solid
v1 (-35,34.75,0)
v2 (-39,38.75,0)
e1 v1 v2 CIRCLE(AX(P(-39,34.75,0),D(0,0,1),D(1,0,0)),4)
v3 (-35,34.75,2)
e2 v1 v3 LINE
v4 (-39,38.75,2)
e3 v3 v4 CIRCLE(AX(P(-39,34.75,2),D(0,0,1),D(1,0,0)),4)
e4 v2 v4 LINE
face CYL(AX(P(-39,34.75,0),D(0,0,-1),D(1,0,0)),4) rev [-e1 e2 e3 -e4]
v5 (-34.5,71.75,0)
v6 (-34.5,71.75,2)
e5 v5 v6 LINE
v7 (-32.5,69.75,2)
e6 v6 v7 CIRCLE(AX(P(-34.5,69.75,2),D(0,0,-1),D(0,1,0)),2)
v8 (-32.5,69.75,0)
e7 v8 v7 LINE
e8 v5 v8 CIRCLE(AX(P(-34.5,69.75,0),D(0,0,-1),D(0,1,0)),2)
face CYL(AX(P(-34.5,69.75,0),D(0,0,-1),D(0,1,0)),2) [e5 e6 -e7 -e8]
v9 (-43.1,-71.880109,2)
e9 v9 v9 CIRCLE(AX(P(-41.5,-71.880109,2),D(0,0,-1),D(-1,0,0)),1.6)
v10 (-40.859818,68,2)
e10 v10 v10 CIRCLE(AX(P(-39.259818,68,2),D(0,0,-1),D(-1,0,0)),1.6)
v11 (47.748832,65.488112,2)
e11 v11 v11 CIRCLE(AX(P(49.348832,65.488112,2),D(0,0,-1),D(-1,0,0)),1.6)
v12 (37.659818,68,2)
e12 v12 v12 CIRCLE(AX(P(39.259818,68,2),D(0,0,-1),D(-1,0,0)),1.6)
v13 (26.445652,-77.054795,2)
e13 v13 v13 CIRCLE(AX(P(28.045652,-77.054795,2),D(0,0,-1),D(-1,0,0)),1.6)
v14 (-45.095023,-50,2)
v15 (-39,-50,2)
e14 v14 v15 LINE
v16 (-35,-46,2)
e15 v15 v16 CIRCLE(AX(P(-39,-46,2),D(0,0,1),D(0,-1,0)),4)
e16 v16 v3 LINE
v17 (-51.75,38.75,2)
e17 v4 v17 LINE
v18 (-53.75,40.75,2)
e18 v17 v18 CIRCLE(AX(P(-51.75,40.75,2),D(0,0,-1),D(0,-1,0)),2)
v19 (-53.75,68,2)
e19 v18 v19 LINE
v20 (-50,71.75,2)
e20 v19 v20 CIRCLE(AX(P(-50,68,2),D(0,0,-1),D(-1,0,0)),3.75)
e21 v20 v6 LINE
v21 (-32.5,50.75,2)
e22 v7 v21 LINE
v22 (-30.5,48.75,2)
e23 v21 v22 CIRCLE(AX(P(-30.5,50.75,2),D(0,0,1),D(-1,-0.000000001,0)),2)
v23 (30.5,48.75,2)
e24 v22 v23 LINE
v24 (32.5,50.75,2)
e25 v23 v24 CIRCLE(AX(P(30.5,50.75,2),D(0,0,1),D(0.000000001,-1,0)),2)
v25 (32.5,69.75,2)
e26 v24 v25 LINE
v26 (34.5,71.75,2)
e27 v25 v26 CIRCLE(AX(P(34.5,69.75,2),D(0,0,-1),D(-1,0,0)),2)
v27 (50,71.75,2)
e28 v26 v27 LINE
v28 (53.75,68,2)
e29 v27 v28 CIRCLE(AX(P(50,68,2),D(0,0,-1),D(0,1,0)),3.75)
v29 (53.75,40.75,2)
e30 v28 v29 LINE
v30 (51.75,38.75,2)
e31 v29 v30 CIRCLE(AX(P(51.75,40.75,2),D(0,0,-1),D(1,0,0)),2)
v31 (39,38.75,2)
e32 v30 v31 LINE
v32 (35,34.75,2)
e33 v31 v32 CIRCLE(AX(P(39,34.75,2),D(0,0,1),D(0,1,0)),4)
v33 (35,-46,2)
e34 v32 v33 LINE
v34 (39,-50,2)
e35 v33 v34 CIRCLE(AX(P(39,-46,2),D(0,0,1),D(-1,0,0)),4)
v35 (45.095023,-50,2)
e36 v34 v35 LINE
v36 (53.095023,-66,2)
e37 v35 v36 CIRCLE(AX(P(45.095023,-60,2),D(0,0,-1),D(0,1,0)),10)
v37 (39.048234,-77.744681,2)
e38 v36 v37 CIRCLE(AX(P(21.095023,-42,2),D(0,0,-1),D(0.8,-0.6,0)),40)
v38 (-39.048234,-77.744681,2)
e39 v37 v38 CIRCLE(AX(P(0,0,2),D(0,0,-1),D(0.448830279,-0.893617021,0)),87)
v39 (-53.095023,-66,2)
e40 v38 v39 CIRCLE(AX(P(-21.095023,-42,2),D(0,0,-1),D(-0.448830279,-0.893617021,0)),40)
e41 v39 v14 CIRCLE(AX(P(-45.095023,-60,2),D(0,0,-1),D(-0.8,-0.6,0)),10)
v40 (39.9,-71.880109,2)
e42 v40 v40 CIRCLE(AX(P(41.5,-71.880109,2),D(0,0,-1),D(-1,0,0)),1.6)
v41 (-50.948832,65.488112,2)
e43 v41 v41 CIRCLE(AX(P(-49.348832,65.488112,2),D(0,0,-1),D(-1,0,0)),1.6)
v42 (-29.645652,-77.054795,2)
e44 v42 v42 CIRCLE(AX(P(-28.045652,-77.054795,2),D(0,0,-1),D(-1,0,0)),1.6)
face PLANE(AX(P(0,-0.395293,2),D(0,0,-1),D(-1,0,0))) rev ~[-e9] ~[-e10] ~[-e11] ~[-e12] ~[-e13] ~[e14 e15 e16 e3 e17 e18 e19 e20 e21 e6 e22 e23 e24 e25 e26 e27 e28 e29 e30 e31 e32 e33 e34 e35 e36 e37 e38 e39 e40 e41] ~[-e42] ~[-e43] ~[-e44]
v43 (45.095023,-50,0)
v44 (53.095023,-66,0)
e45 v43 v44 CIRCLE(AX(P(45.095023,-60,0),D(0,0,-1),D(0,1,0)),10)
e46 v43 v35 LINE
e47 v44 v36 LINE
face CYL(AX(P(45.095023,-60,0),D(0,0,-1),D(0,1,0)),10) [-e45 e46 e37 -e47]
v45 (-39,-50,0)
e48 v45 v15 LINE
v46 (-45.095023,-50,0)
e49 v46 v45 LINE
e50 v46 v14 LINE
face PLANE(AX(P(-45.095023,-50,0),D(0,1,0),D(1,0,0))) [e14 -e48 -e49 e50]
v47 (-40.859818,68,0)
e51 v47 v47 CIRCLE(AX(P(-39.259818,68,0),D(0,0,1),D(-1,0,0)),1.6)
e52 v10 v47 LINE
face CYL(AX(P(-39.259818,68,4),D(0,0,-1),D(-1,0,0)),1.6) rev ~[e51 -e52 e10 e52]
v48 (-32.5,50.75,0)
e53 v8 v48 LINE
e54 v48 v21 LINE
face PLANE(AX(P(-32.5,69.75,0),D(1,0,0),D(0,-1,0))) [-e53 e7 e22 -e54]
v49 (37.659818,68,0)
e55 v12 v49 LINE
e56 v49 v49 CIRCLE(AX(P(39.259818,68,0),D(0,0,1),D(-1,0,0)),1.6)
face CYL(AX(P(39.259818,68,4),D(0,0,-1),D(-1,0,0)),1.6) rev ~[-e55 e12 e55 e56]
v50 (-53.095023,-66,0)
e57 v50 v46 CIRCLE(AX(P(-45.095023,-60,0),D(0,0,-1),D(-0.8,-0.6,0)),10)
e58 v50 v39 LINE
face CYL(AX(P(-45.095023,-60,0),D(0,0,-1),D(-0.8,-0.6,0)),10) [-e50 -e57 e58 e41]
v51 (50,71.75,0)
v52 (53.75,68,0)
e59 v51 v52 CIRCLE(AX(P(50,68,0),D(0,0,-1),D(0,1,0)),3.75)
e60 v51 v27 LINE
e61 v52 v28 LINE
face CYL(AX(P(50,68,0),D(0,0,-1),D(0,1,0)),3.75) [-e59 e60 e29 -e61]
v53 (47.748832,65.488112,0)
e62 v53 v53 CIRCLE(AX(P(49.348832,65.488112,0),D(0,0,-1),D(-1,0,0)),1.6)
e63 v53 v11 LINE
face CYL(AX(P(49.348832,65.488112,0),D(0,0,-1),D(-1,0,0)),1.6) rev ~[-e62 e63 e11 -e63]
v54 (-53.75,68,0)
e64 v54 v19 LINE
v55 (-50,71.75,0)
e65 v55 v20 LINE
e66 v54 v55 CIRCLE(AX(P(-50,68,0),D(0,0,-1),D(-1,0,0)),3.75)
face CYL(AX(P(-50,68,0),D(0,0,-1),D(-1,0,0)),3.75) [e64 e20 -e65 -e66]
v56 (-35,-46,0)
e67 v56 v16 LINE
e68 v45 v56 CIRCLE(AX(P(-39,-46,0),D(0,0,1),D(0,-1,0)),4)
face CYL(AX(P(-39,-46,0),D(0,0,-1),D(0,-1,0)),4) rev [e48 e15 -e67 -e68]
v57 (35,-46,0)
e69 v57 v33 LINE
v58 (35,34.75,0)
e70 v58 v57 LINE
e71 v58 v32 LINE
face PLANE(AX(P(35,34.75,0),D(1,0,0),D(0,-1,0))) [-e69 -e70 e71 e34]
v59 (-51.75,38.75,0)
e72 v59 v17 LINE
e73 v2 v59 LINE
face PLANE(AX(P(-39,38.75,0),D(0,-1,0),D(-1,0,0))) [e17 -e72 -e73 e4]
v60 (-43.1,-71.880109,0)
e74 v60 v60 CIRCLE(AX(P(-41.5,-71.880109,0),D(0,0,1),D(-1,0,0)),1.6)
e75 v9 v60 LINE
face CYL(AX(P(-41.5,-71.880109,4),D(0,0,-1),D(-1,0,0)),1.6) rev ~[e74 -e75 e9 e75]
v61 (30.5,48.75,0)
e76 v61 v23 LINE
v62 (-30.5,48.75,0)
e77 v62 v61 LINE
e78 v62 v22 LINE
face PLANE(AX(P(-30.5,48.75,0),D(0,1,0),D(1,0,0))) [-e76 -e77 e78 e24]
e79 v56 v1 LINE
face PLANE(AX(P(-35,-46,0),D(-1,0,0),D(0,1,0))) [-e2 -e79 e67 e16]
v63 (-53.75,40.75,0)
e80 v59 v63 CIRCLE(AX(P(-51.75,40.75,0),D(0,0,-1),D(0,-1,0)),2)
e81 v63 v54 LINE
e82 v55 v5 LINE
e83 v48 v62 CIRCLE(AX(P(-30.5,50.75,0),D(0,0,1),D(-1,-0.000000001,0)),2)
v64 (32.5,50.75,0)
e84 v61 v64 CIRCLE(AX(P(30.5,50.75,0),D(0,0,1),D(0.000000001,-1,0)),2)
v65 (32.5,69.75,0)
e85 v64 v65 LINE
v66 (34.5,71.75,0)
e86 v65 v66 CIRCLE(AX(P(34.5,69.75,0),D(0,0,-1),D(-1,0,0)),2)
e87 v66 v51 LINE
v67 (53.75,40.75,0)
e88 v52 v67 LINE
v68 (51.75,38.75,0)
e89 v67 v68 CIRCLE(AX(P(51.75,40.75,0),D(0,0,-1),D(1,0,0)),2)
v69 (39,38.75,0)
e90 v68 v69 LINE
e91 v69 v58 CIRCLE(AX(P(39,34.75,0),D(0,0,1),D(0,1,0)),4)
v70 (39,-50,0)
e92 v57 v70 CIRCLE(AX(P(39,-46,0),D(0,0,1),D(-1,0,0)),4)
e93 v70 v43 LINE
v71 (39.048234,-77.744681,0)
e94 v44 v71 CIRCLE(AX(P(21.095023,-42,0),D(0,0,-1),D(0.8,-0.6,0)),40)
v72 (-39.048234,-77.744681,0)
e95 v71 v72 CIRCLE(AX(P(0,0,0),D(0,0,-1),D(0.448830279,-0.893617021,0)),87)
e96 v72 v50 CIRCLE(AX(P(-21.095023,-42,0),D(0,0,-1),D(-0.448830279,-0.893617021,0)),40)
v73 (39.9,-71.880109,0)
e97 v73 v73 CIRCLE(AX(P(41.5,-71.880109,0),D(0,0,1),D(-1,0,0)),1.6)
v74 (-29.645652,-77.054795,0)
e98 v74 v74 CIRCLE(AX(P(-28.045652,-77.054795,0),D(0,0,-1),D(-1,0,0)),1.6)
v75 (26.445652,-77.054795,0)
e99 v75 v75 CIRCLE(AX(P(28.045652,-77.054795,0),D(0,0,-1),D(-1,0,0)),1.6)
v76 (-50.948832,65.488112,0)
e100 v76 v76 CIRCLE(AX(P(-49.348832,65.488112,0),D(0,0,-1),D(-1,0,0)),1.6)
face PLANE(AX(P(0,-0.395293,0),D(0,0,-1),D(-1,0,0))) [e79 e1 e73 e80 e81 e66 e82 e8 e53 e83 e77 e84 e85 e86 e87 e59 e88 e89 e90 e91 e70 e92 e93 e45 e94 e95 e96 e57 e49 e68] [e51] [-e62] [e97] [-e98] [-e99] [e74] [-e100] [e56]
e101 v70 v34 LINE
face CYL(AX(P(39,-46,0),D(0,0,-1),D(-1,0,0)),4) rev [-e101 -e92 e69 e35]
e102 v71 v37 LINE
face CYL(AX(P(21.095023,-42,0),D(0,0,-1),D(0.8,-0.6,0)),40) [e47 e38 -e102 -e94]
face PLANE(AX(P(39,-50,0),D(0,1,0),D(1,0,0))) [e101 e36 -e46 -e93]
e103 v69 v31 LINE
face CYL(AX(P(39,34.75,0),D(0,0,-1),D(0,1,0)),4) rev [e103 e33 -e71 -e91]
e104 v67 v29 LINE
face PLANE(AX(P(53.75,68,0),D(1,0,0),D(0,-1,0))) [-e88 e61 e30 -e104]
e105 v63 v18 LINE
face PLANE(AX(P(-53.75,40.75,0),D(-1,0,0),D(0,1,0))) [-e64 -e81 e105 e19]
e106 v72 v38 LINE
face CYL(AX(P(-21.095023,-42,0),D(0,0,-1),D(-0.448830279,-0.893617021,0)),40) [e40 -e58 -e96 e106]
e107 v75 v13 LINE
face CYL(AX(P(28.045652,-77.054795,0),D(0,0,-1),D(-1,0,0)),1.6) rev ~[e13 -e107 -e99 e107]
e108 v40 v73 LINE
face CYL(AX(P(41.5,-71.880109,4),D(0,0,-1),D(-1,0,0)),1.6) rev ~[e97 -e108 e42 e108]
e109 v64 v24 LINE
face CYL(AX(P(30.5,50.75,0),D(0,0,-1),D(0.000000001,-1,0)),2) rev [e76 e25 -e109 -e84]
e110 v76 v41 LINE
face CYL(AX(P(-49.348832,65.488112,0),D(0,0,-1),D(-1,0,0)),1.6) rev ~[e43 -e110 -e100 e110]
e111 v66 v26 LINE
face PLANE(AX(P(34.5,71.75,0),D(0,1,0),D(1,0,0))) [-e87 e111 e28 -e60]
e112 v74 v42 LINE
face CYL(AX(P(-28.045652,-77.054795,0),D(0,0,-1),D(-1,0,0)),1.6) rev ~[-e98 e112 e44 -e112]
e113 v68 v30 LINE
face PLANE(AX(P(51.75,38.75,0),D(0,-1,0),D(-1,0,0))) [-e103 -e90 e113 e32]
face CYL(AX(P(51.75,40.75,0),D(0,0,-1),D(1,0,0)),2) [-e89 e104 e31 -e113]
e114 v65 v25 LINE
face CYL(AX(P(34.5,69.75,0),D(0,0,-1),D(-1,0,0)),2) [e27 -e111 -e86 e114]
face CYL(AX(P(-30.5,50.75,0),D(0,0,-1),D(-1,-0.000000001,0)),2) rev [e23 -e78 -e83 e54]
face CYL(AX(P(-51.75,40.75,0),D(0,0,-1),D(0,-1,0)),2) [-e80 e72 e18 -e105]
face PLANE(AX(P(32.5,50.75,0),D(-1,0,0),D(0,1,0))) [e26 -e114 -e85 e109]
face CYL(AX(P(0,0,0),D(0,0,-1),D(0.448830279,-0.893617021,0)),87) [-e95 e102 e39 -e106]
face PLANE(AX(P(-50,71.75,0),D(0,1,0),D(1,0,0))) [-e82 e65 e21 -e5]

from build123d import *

# Parameters (mm, degrees)
SKETCH1_R                = 1.6
BOSS_EXTRUDE1_DEPTH      = 2
M3_CLEARANCE_HOLE1_D     = 3.2
M3_CLEARANCE_HOLE1_DEPTH = 2
M3_CLEARANCE_HOLE1_TIP   = 0.96137699


with BuildPart() as part:
    # Sketch1 → Boss-Extrude1 (new body)
    with BuildSketch(Plane(origin=(0, 0, 0), x_dir=(-1, 0, 0), z_dir=(0, 0, -1))):
        with BuildLine():
            Line((49.999999993, 71.749999992), (34.499999968, 71.749999992))
            ThreePointArc((34.499999968, 71.749999992), (33.085786407, 71.164213555), (32.49999997, 69.749999994))
            Line((32.49999997, 69.749999994), (32.49999997, 50.749999994))
            ThreePointArc((32.49999997, 50.749999994), (31.914213535, 49.335786439), (30.49999998, 48.750000004))
            Line((30.49999998, 48.750000004), (-30.50000002, 48.750000004))
            ThreePointArc((-30.50000002, 48.750000004), (-31.914213575, 49.335786439), (-32.50000001, 50.749999994))
            Line((-32.50000001, 50.749999994), (-32.50000001, 69.749999994))
            ThreePointArc((-32.50000001, 69.749999994), (-33.085786447, 71.164213555), (-34.500000007, 71.749999992))
            Line((-34.500000007, 71.749999992), (-50.000000007, 71.749999992))
            ThreePointArc((-50.000000007, 71.749999992), (-52.651650433, 70.651650422), (-53.750000002, 67.999999996))
            Line((-53.750000002, 67.999999996), (-53.750000002, 40.749999996))
            ThreePointArc((-53.750000002, 40.749999996), (-53.164213571, 39.335786449), (-51.750000024, 38.750000018))
            Line((-51.750000024, 38.750000018), (-39.000000024, 38.750000018))
            ThreePointArc((-39.000000024, 38.750000018), (-36.171572886, 37.578427137), (-35.000000005, 34.75))
            Line((-35.000000005, 34.75), (-35.000000005, -46))
            ThreePointArc((-35.000000005, -46), (-36.171572879, -48.828427121), (-38.999999999, -49.999999994))
            Line((-38.999999999, -49.999999994), (-45.09502308, -49.999999994))
            ThreePointArc((-45.09502308, -49.999999994), (-54.039294999, -55.527864046), (-53.095023084, -66.000000011))
            ThreePointArc((-53.095023084, -66.000000011), (-46.752677079, -72.686883058), (-39.048234252, -77.744680848))
            ThreePointArc((-39.048234252, -77.744680848), (1.5e-08, -86.999999997), (39.048234283, -77.744680848))
            ThreePointArc((39.048234283, -77.744680848), (46.752677109, -72.686883058), (53.095023115, -66.000000011))
            ThreePointArc((53.095023115, -66.000000011), (54.039295029, -55.527864046), (45.095023111, -49.999999994))
            Line((45.095023111, -49.999999994), (39.000000001, -49.999999994))
            ThreePointArc((39.000000001, -49.999999994), (36.17157288, -48.828427121), (35.000000007, -46))
            Line((35.000000007, -46), (35.000000007, 34.75))
            ThreePointArc((35.000000007, 34.75), (36.171572888, 37.578427137), (39.000000025, 38.750000018))
            Line((39.000000025, 38.750000018), (51.750000009, 38.750000018))
            ThreePointArc((51.750000009, 38.750000018), (53.164213556, 39.335786449), (53.749999988, 40.749999996))
            Line((53.749999988, 40.749999996), (53.749999988, 67.999999996))
            ThreePointArc((53.749999988, 67.999999996), (52.651650419, 70.651650422), (49.999999993, 71.749999992))
        make_face()
        with Locations((49.348831914, 65.488111827)):
            Circle(SKETCH1_R, mode=Mode.SUBTRACT)
        with Locations((-49.348831883, 65.488111827)):
            Circle(SKETCH1_R, mode=Mode.SUBTRACT)
        with Locations((28.045651768, -77.054794901)):
            Circle(SKETCH1_R, mode=Mode.SUBTRACT)
        with Locations((-28.045651737, -77.054794901)):
            Circle(SKETCH1_R, mode=Mode.SUBTRACT)
    extrude(amount=-BOSS_EXTRUDE1_DEPTH)

    # M3 Clearance Hole1
    with Locations(Plane(origin=(-39.259818305, 68, 2), x_dir=(1, 0, 0), z_dir=(0, 0, 1))):
        with Locations((0, 0), (78.51963661, 0), (80.759818305, -139.880108514), (-2.240181695, -139.880108514)):
            Hole(M3_CLEARANCE_HOLE1_D / 2, depth=M3_CLEARANCE_HOLE1_DEPTH)
            with Locations((0, 0, -(M3_CLEARANCE_HOLE1_DEPTH + M3_CLEARANCE_HOLE1_TIP / 2))):  # 118° drill point
                Cone(0, M3_CLEARANCE_HOLE1_D / 2, M3_CLEARANCE_HOLE1_TIP, mode=Mode.SUBTRACT)


solid = part.part
